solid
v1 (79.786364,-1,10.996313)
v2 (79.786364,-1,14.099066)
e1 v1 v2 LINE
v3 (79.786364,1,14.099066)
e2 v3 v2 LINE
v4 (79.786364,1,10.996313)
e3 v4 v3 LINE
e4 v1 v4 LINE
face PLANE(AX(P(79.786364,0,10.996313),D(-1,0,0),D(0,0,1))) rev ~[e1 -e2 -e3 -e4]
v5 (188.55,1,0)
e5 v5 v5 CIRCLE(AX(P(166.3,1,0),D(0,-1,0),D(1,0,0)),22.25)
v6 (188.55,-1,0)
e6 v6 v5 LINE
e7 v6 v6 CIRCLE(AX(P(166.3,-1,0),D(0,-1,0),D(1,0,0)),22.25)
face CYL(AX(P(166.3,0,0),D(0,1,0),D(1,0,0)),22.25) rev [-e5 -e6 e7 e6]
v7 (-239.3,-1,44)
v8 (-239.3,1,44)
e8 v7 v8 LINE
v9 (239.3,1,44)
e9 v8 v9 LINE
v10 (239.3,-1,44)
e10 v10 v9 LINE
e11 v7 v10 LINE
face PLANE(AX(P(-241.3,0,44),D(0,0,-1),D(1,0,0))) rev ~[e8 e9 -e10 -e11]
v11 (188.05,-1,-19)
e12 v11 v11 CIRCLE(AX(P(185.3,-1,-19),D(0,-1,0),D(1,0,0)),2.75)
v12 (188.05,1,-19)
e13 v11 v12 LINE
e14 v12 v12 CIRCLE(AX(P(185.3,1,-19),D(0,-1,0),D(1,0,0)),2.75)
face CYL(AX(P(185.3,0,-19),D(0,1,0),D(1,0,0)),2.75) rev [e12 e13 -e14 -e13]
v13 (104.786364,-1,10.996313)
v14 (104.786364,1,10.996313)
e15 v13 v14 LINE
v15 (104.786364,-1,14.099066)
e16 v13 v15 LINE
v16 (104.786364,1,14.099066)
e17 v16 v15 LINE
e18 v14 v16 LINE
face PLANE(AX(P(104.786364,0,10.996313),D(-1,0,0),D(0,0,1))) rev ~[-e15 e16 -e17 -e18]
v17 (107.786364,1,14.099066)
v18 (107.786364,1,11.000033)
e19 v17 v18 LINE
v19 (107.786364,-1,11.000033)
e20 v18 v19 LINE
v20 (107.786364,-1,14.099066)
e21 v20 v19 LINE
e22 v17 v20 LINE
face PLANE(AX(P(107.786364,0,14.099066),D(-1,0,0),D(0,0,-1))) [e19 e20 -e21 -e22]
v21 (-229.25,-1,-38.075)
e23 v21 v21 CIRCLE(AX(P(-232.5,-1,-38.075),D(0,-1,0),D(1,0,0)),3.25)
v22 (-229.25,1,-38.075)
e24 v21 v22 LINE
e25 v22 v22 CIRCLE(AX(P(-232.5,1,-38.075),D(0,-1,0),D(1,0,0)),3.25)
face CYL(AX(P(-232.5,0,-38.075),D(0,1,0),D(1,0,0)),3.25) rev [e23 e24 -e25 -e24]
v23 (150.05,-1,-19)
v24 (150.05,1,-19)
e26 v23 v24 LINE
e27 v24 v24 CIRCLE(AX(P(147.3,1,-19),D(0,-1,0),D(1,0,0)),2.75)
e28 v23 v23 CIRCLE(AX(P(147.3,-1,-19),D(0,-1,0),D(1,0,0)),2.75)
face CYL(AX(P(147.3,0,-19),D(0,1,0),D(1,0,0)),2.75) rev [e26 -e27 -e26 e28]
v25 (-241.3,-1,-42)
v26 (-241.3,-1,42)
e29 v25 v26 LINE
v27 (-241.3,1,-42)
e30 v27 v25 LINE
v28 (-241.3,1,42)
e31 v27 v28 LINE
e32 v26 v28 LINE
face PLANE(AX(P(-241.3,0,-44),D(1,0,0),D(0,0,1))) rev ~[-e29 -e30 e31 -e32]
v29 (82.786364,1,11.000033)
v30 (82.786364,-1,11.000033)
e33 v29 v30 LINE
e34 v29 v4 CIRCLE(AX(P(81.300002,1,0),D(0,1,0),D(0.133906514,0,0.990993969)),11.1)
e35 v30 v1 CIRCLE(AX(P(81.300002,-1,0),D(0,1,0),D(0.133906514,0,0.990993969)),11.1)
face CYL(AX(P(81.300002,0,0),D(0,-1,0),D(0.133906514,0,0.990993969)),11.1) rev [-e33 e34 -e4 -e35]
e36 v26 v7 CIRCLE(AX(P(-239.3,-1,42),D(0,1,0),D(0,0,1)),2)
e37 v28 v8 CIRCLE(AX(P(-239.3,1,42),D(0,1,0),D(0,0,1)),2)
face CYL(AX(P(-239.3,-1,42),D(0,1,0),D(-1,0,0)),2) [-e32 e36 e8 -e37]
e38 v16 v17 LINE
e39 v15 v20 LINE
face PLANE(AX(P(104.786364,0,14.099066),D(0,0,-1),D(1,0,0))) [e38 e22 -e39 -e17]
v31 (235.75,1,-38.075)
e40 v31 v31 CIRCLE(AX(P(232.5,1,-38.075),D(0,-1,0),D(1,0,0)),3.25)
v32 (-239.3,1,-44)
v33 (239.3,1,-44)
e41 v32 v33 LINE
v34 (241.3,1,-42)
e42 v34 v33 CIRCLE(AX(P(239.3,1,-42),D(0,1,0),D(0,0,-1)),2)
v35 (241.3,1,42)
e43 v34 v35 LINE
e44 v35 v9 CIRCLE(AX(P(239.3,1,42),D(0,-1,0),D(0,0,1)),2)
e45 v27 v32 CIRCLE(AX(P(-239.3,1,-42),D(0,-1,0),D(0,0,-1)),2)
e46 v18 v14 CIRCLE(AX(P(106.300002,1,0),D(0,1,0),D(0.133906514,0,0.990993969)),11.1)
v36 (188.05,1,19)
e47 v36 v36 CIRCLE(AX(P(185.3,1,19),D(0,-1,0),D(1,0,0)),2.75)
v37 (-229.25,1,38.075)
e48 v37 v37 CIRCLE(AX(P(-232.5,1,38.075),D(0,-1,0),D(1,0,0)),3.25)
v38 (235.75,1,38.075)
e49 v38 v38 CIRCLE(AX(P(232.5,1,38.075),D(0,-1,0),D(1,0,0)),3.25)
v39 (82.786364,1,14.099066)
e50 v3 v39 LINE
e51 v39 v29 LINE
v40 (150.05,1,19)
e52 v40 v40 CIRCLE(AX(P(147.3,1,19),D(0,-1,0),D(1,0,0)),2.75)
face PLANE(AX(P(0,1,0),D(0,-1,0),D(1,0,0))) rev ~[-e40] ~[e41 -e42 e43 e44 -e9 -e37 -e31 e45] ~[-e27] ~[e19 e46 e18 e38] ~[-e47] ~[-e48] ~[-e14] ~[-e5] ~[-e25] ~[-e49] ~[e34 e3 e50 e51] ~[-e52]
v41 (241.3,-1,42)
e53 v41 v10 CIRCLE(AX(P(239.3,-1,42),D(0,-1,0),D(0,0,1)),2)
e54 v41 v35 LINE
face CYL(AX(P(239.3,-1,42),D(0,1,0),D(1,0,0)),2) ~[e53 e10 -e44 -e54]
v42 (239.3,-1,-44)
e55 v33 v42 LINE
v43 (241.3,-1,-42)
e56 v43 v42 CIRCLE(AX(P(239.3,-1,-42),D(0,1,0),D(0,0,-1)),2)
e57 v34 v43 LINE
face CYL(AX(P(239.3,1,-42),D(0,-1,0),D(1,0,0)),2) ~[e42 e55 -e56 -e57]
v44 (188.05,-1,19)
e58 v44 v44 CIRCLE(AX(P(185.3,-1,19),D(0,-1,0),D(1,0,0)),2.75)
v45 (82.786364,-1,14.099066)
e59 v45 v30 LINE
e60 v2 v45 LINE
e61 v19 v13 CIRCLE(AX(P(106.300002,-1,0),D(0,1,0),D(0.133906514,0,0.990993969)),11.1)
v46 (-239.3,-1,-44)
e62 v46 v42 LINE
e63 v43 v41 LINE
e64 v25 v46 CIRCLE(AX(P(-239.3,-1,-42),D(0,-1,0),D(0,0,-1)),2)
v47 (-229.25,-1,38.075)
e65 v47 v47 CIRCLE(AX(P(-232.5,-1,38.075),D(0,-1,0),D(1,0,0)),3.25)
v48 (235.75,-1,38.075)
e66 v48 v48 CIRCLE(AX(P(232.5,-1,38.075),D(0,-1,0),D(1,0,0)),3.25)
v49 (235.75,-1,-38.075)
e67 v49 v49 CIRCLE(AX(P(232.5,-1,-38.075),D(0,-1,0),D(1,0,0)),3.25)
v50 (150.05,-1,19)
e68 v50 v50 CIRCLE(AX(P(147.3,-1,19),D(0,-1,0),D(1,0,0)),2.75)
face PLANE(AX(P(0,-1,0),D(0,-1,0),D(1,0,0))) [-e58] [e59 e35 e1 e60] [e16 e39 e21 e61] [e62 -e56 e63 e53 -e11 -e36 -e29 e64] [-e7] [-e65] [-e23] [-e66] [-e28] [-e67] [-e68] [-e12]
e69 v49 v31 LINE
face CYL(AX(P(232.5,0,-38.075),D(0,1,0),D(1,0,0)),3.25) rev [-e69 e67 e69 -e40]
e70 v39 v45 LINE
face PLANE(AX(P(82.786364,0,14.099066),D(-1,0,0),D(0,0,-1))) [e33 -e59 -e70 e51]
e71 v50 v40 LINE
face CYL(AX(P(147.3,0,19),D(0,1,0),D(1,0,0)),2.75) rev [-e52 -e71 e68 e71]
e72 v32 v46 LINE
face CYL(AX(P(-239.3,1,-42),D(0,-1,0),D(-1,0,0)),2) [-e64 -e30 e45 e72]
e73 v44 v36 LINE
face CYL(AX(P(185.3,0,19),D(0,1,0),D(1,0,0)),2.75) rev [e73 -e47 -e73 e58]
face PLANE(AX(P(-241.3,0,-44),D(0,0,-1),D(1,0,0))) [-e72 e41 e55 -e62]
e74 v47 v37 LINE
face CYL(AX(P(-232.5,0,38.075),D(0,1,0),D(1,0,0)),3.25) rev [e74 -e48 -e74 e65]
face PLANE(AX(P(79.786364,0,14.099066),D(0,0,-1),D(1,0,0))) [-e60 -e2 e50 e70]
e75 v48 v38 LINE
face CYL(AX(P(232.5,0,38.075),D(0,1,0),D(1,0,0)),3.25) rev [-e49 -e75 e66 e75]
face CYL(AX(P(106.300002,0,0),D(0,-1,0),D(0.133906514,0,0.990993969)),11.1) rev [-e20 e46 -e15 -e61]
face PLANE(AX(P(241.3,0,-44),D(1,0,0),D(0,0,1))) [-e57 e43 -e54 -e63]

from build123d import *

# Parameters (mm, degrees)
F0_W     = 482.6
F0_H     = 88
F0_R     = 3.25
F0_R_2   = 2.75
F0_R_3   = 22.25
F1_DEPTH = 1
F2_R     = 2


with BuildPart() as f1:
    # F0 (on Front) → F1 (new body, symmetric)
    with BuildSketch(Plane.XZ):
        Rectangle(F0_W, F0_H)
        with Locations((-232.5, -38.075)):
            Circle(F0_R, mode=Mode.SUBTRACT)
        with Locations((232.5, -38.075)):
            Circle(F0_R, mode=Mode.SUBTRACT)
        with Locations((147.3, -19)):
            Circle(F0_R_2, mode=Mode.SUBTRACT)
        with Locations((185.3, -19)):
            Circle(F0_R_2, mode=Mode.SUBTRACT)
        with Locations((-232.5, 38.075)):
            Circle(F0_R, mode=Mode.SUBTRACT)
        with BuildLine():
            ThreePointArc((82.786364, 11.000033), (81.313763, -11.099991), (79.786364, 10.996313))
            Line((79.786364, 10.996313), (79.786364, 14.099066))
            Line((79.786364, 14.099066), (82.786364, 14.099066))
            Line((82.786364, 14.099066), (82.786364, 11.000033))
        make_face(mode=Mode.SUBTRACT)
        with BuildLine():
            ThreePointArc((107.786364, 11.000033), (106.313763, -11.099991), (104.786364, 10.996313))
            Line((104.786364, 10.996313), (104.786364, 14.099066))
            Line((104.786364, 14.099066), (107.786364, 14.099066))
            Line((107.786364, 14.099066), (107.786364, 11.000033))
        make_face(mode=Mode.SUBTRACT)
        with Locations((166.3, 0)):
            Circle(F0_R_3, mode=Mode.SUBTRACT)
        with Locations((147.3, 19)):
            Circle(F0_R_2, mode=Mode.SUBTRACT)
        with Locations((185.3, 19)):
            Circle(F0_R_2, mode=Mode.SUBTRACT)
        with Locations((232.5, 38.075)):
            Circle(F0_R, mode=Mode.SUBTRACT)
    extrude(amount=F1_DEPTH, both=True)

    # F2
    f2_edges = [f1.edges().sort_by_distance(p)[0] for p in [
        (241.3, 0, 44),
        (241.3, 0, -44),
        (-241.3, 0, -44),
        (-241.3, 0, 44),
    ]]
    fillet(f2_edges, radius=F2_R)


solid = f1.part
